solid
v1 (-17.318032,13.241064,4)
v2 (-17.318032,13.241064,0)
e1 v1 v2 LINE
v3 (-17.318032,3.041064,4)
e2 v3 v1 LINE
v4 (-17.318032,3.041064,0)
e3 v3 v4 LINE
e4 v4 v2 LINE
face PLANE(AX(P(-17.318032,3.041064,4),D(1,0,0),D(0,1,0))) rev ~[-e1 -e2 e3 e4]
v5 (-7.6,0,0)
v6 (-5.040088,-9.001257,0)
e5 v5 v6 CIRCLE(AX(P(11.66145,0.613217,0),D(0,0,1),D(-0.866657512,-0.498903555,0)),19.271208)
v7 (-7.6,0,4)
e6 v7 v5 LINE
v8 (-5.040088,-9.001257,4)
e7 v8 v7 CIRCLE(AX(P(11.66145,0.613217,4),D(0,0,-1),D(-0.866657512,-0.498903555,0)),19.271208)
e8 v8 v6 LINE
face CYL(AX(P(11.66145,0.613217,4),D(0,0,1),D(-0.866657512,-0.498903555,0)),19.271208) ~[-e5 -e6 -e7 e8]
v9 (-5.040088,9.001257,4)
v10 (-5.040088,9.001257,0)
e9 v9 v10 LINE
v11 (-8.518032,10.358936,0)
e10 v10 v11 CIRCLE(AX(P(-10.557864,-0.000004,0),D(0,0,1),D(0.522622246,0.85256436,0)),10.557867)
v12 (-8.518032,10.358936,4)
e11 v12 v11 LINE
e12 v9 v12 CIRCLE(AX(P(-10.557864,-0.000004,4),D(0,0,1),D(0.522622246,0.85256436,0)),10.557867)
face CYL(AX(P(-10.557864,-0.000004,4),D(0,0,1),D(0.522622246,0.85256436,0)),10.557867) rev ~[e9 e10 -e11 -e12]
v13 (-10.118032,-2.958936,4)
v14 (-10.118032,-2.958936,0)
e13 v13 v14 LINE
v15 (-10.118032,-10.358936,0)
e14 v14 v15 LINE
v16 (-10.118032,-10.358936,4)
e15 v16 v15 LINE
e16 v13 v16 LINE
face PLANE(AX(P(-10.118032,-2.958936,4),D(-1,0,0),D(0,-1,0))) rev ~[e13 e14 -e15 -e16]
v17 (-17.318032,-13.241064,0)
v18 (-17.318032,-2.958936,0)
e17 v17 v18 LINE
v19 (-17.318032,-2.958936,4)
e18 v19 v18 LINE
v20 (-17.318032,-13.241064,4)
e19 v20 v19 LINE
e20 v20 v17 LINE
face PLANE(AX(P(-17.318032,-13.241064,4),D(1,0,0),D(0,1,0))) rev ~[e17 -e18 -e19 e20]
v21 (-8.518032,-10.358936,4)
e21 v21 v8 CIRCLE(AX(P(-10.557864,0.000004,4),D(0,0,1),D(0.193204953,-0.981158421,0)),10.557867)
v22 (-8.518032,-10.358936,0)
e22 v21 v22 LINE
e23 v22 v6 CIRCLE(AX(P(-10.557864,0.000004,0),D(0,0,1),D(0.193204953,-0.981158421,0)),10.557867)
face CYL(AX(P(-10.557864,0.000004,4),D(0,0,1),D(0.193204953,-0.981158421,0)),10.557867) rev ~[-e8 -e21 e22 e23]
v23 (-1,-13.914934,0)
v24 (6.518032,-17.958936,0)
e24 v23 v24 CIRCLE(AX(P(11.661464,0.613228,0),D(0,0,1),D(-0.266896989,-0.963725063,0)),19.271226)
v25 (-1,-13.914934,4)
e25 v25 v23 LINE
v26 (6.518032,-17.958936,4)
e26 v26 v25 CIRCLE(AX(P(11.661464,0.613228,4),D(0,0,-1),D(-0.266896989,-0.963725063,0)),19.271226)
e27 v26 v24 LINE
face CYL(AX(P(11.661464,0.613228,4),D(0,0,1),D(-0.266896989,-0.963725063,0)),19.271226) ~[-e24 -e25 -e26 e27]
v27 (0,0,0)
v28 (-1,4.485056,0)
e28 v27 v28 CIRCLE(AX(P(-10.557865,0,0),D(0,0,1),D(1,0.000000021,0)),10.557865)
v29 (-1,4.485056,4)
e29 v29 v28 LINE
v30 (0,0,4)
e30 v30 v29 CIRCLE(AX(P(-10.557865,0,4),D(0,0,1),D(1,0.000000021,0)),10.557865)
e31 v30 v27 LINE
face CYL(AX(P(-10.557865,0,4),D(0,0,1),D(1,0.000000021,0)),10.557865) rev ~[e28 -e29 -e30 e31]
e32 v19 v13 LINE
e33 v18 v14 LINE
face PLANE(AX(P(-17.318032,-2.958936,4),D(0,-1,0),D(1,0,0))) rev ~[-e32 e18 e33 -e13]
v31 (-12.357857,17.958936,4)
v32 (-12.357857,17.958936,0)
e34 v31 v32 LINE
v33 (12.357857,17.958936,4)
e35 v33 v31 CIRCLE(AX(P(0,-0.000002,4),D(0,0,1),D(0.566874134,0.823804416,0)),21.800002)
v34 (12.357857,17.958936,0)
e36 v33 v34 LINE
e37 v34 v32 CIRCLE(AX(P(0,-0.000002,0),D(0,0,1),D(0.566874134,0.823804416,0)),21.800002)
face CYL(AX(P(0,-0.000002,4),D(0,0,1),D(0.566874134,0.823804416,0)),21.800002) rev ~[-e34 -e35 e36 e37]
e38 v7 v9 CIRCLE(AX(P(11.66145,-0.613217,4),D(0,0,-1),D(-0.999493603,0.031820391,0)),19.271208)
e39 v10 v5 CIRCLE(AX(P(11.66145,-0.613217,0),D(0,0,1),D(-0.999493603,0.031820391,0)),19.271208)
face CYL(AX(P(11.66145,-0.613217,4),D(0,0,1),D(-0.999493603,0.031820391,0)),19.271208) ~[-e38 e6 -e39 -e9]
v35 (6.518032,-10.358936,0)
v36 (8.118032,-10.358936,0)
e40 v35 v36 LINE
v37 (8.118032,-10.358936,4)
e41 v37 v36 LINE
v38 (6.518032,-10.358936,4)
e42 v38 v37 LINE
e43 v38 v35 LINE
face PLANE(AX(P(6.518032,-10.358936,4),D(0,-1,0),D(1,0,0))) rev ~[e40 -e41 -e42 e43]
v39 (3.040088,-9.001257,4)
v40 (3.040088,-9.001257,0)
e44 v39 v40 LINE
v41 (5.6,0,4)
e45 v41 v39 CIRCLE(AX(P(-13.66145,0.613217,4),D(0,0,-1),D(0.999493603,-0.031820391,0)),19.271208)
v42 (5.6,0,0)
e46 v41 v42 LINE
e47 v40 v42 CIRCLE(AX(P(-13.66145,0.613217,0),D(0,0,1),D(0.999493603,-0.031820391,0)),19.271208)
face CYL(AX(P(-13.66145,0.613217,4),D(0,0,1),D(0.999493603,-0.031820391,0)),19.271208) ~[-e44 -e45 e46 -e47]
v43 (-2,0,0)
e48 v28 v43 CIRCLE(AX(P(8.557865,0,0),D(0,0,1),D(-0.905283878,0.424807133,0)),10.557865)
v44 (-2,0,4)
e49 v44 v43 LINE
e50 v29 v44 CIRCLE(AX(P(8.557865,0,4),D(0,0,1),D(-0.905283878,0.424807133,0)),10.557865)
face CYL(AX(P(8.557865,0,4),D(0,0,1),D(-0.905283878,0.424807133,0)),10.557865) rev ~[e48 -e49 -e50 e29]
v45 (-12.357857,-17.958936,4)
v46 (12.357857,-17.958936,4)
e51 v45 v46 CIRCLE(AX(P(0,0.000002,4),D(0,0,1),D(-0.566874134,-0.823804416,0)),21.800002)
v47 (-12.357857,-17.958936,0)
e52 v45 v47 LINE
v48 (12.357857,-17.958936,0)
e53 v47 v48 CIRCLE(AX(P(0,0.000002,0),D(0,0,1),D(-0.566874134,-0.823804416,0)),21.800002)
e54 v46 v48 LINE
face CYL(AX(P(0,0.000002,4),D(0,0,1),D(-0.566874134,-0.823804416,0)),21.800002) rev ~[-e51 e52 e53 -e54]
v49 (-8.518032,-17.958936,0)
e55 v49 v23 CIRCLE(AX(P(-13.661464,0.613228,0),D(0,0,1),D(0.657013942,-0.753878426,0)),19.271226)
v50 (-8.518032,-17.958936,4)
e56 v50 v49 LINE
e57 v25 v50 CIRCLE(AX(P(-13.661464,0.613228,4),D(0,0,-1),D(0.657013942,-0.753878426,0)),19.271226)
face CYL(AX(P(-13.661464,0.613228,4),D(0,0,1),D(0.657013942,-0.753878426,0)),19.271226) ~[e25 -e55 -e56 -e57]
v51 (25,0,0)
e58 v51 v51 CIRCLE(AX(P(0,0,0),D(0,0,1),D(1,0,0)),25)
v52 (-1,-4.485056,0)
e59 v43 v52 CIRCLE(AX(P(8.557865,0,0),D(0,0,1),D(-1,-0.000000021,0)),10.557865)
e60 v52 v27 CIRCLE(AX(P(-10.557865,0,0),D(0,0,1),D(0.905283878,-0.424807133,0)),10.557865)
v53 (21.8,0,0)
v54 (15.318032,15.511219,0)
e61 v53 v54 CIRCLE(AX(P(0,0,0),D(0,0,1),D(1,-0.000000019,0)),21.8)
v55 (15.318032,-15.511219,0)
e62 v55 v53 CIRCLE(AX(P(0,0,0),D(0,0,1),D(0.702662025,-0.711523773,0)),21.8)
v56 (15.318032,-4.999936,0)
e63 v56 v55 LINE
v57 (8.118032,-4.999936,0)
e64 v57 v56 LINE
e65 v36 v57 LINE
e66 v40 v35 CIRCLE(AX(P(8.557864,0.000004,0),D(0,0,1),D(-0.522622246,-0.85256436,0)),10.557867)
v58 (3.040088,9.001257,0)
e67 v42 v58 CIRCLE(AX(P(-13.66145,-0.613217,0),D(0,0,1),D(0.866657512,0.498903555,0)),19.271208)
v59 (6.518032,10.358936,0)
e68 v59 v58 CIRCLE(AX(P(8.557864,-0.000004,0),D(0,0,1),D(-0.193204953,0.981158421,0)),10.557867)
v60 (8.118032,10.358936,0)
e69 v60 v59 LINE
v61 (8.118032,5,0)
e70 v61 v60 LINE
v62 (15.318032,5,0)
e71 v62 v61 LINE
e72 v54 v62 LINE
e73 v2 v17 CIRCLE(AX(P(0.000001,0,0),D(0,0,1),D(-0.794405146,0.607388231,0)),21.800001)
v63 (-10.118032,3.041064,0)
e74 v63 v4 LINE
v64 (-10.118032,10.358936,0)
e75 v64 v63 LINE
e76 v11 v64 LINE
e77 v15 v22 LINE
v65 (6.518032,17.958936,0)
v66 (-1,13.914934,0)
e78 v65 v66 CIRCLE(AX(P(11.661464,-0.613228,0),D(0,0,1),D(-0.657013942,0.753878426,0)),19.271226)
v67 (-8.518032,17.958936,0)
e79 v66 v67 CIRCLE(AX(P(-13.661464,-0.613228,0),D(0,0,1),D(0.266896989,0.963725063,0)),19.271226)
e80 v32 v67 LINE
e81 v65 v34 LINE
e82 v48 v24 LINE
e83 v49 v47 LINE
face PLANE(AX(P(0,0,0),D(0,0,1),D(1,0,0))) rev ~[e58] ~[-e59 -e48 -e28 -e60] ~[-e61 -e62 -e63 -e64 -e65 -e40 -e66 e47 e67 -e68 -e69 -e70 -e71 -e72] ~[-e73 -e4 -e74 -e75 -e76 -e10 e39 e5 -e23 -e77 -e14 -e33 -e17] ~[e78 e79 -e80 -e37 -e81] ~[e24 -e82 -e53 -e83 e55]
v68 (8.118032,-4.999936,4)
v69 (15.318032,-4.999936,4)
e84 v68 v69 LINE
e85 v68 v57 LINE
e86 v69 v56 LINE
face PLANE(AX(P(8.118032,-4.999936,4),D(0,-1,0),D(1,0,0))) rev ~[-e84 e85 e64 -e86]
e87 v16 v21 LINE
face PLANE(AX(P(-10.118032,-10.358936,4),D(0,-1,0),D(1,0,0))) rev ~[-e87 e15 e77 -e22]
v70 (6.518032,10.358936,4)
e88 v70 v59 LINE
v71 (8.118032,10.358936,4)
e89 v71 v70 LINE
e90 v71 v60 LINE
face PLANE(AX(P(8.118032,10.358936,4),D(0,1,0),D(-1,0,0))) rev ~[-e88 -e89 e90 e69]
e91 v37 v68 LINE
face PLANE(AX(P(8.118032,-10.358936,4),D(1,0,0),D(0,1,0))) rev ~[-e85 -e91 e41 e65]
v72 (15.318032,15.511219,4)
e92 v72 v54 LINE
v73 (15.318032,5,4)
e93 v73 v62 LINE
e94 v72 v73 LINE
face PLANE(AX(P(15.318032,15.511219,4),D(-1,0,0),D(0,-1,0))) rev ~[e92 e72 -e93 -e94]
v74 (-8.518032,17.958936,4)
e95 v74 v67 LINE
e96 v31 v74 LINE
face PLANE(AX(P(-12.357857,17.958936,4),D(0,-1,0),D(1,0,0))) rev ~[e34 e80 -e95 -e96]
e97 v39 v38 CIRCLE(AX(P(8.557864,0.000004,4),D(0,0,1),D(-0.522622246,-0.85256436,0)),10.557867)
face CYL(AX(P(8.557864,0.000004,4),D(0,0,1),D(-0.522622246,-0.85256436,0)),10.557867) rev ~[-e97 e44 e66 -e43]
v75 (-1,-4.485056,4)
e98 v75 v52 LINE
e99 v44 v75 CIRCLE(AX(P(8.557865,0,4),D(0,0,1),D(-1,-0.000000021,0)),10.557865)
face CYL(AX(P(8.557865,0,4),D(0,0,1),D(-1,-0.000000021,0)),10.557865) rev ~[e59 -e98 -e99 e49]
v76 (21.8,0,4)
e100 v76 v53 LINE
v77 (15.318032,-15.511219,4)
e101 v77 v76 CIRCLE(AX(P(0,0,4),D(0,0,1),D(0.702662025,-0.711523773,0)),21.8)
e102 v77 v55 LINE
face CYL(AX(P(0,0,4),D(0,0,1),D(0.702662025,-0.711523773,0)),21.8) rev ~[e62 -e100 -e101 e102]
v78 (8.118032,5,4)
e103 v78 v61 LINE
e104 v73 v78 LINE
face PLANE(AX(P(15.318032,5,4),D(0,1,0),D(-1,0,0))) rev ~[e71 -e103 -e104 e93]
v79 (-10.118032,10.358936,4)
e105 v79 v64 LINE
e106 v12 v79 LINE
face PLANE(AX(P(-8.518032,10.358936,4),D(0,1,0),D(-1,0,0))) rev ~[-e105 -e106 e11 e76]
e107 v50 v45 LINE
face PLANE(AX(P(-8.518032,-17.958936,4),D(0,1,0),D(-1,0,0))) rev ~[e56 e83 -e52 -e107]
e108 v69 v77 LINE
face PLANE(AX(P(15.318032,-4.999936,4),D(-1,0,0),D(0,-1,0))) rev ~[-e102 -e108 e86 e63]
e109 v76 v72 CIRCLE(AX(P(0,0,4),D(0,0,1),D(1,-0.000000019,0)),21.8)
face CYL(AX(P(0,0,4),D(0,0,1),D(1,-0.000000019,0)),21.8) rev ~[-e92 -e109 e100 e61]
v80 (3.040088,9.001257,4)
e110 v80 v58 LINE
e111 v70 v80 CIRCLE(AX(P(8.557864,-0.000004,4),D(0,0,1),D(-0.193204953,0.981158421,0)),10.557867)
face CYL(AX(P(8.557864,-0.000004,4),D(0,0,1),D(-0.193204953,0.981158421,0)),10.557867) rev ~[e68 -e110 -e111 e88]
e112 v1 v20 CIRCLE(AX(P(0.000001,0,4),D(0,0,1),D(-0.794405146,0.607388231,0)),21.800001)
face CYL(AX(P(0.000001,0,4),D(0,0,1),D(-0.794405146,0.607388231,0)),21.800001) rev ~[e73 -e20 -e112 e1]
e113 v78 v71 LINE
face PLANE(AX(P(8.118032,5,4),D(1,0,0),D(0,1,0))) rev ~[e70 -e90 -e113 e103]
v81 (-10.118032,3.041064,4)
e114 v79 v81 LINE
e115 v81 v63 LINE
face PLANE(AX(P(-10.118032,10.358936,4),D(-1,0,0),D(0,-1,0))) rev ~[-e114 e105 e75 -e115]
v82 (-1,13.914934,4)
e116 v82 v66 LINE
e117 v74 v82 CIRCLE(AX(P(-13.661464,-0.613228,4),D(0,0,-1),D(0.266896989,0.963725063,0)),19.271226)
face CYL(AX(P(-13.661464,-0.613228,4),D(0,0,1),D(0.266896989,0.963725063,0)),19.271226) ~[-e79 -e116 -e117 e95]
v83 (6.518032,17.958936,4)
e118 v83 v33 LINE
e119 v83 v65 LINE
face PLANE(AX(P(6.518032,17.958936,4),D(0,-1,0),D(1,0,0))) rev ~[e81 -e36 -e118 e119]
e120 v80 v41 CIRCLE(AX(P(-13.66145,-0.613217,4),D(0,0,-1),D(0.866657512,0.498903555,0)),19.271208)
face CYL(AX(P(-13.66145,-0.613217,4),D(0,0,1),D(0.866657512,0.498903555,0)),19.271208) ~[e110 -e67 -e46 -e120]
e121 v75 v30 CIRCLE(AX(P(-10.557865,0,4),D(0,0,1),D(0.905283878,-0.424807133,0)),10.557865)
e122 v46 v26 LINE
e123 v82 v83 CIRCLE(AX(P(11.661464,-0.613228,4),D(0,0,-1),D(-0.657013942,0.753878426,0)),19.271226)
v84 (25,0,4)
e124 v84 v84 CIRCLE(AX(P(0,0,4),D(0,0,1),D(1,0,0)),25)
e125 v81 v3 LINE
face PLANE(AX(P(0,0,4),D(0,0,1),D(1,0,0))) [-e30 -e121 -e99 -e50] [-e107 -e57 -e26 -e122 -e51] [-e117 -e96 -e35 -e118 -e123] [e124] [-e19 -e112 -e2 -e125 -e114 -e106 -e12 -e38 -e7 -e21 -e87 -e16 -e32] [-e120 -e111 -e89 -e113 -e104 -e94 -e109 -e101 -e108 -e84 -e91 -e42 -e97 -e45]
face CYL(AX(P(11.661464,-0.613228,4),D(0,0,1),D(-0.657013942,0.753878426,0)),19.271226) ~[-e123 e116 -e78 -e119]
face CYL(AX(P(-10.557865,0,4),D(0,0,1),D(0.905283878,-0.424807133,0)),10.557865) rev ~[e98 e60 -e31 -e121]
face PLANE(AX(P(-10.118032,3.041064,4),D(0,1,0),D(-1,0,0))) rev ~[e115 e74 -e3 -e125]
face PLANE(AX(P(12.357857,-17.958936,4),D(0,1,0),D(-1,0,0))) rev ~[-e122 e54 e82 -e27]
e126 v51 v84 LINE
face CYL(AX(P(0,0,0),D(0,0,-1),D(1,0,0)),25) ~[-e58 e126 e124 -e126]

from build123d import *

# Parameters (mm, degrees)
F0_R     = 25
F1_DEPTH = 4
F3_DEPTH = 5


with BuildPart() as f1:
    # F0 (on Top) → F1 (new body)
    with BuildSketch(Plane.XY):
        Circle(F0_R)
    extrude(amount=F1_DEPTH)

    # F2 (on face) → F3 (cut)
    with BuildSketch(Plane.XY.offset(4)):
        with BuildLine():
            Line((-17.318032, 10.358936), (-17.318032, 13.241064))
            ThreePointArc((-17.318032, 13.241064), (-21.8, 0), (-17.318032, -13.241064))
            Line((-17.318032, -13.241064), (-17.318032, -5.958936))
            Line((-17.318032, -5.958936), (-17.318032, -2.958936))
            Line((-17.318032, -2.958936), (-10.118032, -2.958936))
            Line((-10.118032, -2.958936), (-10.118032, -5.958936))
            Line((-10.118032, -5.958936), (-10.118032, -10.358936))
            Line((-10.118032, -10.358936), (-8.518032, -10.358936))
            ThreePointArc((-8.518032, -10.358936), (-6.718569, -9.835054), (-5.040088, -9.001257))
            ThreePointArc((-5.040088, -9.001257), (-6.874725, -4.658377), (-7.6, 0))
            ThreePointArc((-7.6, 0), (-6.874725, 4.658377), (-5.040088, 9.001257))
            ThreePointArc((-5.040088, 9.001257), (-6.718569, 9.835054), (-8.518032, 10.358936))
            Line((-8.518032, 10.358936), (-10.118032, 10.358936))
            Line((-10.118032, 10.358936), (-10.118032, 3.041064))
            Line((-10.118032, 3.041064), (-17.318032, 3.041064))
            Line((-17.318032, 3.041064), (-17.318032, 10.358936))
        make_face()
        with BuildLine():
            ThreePointArc((0, 0), (-0.253032, 2.297592), (-1, 4.485056))
            ThreePointArc((-1, 4.485056), (-1.746968, 2.297592), (-2, 0))
            ThreePointArc((-2, 0), (-1.746968, -2.297592), (-1, -4.485056))
            ThreePointArc((-1, -4.485056), (-0.253032, -2.297592), (0, 0))
        make_face()
        with BuildLine():
            Line((6.518032, 17.958936), (12.357857, 17.958936))
            ThreePointArc((12.357857, 17.958936), (0, 21.8), (-12.357857, 17.958936))
            Line((-12.357857, 17.958936), (-8.518032, 17.958936))
            ThreePointArc((-8.518032, 17.958936), (-4.532276, 16.358457), (-1, 13.914934))
            ThreePointArc((-1, 13.914934), (2.532276, 16.358457), (6.518032, 17.958936))
        make_face()
        with BuildLine():
            ThreePointArc((15.318032, -15.511219), (20.114337, -8.405561), (21.8, 0))
            ThreePointArc((21.8, 0), (20.114337, 8.405561), (15.318032, 15.511219))
            Line((15.318032, 15.511219), (15.318032, 10.358936))
            Line((15.318032, 10.358936), (15.318032, 5))
            Line((15.318032, 5), (8.118032, 5))
            Line((8.118032, 5), (8.118032, 10.358936))
            Line((8.118032, 10.358936), (6.518032, 10.358936))
            ThreePointArc((6.518032, 10.358936), (4.718569, 9.835054), (3.040088, 9.001257))
            ThreePointArc((3.040088, 9.001257), (4.874725, 4.658377), (5.6, 0))
            ThreePointArc((5.6, 0), (4.874725, -4.658377), (3.040088, -9.001257))
            ThreePointArc((3.040088, -9.001257), (4.718569, -9.835054), (6.518032, -10.358936))
            Line((6.518032, -10.358936), (8.118032, -10.358936))
            Line((8.118032, -10.358936), (8.118032, -4.999936))
            Line((8.118032, -4.999936), (15.318032, -4.999936))
            Line((15.318032, -4.999936), (15.318032, -10.358936))
            Line((15.318032, -10.358936), (15.318032, -15.511219))
        make_face()
        with BuildLine():
            ThreePointArc((-12.357857, -17.958936), (0, -21.8), (12.357857, -17.958936))
            Line((12.357857, -17.958936), (10.357857, -17.958936))
            Line((10.357857, -17.958936), (6.518032, -17.958936))
            ThreePointArc((6.518032, -17.958936), (2.532276, -16.358457), (-1, -13.914934))
            ThreePointArc((-1, -13.914934), (-4.532276, -16.358457), (-8.518032, -17.958936))
            Line((-8.518032, -17.958936), (-12.357857, -17.958936))
        make_face()
    extrude(amount=-F3_DEPTH, mode=Mode.SUBTRACT)


solid = f1.part
